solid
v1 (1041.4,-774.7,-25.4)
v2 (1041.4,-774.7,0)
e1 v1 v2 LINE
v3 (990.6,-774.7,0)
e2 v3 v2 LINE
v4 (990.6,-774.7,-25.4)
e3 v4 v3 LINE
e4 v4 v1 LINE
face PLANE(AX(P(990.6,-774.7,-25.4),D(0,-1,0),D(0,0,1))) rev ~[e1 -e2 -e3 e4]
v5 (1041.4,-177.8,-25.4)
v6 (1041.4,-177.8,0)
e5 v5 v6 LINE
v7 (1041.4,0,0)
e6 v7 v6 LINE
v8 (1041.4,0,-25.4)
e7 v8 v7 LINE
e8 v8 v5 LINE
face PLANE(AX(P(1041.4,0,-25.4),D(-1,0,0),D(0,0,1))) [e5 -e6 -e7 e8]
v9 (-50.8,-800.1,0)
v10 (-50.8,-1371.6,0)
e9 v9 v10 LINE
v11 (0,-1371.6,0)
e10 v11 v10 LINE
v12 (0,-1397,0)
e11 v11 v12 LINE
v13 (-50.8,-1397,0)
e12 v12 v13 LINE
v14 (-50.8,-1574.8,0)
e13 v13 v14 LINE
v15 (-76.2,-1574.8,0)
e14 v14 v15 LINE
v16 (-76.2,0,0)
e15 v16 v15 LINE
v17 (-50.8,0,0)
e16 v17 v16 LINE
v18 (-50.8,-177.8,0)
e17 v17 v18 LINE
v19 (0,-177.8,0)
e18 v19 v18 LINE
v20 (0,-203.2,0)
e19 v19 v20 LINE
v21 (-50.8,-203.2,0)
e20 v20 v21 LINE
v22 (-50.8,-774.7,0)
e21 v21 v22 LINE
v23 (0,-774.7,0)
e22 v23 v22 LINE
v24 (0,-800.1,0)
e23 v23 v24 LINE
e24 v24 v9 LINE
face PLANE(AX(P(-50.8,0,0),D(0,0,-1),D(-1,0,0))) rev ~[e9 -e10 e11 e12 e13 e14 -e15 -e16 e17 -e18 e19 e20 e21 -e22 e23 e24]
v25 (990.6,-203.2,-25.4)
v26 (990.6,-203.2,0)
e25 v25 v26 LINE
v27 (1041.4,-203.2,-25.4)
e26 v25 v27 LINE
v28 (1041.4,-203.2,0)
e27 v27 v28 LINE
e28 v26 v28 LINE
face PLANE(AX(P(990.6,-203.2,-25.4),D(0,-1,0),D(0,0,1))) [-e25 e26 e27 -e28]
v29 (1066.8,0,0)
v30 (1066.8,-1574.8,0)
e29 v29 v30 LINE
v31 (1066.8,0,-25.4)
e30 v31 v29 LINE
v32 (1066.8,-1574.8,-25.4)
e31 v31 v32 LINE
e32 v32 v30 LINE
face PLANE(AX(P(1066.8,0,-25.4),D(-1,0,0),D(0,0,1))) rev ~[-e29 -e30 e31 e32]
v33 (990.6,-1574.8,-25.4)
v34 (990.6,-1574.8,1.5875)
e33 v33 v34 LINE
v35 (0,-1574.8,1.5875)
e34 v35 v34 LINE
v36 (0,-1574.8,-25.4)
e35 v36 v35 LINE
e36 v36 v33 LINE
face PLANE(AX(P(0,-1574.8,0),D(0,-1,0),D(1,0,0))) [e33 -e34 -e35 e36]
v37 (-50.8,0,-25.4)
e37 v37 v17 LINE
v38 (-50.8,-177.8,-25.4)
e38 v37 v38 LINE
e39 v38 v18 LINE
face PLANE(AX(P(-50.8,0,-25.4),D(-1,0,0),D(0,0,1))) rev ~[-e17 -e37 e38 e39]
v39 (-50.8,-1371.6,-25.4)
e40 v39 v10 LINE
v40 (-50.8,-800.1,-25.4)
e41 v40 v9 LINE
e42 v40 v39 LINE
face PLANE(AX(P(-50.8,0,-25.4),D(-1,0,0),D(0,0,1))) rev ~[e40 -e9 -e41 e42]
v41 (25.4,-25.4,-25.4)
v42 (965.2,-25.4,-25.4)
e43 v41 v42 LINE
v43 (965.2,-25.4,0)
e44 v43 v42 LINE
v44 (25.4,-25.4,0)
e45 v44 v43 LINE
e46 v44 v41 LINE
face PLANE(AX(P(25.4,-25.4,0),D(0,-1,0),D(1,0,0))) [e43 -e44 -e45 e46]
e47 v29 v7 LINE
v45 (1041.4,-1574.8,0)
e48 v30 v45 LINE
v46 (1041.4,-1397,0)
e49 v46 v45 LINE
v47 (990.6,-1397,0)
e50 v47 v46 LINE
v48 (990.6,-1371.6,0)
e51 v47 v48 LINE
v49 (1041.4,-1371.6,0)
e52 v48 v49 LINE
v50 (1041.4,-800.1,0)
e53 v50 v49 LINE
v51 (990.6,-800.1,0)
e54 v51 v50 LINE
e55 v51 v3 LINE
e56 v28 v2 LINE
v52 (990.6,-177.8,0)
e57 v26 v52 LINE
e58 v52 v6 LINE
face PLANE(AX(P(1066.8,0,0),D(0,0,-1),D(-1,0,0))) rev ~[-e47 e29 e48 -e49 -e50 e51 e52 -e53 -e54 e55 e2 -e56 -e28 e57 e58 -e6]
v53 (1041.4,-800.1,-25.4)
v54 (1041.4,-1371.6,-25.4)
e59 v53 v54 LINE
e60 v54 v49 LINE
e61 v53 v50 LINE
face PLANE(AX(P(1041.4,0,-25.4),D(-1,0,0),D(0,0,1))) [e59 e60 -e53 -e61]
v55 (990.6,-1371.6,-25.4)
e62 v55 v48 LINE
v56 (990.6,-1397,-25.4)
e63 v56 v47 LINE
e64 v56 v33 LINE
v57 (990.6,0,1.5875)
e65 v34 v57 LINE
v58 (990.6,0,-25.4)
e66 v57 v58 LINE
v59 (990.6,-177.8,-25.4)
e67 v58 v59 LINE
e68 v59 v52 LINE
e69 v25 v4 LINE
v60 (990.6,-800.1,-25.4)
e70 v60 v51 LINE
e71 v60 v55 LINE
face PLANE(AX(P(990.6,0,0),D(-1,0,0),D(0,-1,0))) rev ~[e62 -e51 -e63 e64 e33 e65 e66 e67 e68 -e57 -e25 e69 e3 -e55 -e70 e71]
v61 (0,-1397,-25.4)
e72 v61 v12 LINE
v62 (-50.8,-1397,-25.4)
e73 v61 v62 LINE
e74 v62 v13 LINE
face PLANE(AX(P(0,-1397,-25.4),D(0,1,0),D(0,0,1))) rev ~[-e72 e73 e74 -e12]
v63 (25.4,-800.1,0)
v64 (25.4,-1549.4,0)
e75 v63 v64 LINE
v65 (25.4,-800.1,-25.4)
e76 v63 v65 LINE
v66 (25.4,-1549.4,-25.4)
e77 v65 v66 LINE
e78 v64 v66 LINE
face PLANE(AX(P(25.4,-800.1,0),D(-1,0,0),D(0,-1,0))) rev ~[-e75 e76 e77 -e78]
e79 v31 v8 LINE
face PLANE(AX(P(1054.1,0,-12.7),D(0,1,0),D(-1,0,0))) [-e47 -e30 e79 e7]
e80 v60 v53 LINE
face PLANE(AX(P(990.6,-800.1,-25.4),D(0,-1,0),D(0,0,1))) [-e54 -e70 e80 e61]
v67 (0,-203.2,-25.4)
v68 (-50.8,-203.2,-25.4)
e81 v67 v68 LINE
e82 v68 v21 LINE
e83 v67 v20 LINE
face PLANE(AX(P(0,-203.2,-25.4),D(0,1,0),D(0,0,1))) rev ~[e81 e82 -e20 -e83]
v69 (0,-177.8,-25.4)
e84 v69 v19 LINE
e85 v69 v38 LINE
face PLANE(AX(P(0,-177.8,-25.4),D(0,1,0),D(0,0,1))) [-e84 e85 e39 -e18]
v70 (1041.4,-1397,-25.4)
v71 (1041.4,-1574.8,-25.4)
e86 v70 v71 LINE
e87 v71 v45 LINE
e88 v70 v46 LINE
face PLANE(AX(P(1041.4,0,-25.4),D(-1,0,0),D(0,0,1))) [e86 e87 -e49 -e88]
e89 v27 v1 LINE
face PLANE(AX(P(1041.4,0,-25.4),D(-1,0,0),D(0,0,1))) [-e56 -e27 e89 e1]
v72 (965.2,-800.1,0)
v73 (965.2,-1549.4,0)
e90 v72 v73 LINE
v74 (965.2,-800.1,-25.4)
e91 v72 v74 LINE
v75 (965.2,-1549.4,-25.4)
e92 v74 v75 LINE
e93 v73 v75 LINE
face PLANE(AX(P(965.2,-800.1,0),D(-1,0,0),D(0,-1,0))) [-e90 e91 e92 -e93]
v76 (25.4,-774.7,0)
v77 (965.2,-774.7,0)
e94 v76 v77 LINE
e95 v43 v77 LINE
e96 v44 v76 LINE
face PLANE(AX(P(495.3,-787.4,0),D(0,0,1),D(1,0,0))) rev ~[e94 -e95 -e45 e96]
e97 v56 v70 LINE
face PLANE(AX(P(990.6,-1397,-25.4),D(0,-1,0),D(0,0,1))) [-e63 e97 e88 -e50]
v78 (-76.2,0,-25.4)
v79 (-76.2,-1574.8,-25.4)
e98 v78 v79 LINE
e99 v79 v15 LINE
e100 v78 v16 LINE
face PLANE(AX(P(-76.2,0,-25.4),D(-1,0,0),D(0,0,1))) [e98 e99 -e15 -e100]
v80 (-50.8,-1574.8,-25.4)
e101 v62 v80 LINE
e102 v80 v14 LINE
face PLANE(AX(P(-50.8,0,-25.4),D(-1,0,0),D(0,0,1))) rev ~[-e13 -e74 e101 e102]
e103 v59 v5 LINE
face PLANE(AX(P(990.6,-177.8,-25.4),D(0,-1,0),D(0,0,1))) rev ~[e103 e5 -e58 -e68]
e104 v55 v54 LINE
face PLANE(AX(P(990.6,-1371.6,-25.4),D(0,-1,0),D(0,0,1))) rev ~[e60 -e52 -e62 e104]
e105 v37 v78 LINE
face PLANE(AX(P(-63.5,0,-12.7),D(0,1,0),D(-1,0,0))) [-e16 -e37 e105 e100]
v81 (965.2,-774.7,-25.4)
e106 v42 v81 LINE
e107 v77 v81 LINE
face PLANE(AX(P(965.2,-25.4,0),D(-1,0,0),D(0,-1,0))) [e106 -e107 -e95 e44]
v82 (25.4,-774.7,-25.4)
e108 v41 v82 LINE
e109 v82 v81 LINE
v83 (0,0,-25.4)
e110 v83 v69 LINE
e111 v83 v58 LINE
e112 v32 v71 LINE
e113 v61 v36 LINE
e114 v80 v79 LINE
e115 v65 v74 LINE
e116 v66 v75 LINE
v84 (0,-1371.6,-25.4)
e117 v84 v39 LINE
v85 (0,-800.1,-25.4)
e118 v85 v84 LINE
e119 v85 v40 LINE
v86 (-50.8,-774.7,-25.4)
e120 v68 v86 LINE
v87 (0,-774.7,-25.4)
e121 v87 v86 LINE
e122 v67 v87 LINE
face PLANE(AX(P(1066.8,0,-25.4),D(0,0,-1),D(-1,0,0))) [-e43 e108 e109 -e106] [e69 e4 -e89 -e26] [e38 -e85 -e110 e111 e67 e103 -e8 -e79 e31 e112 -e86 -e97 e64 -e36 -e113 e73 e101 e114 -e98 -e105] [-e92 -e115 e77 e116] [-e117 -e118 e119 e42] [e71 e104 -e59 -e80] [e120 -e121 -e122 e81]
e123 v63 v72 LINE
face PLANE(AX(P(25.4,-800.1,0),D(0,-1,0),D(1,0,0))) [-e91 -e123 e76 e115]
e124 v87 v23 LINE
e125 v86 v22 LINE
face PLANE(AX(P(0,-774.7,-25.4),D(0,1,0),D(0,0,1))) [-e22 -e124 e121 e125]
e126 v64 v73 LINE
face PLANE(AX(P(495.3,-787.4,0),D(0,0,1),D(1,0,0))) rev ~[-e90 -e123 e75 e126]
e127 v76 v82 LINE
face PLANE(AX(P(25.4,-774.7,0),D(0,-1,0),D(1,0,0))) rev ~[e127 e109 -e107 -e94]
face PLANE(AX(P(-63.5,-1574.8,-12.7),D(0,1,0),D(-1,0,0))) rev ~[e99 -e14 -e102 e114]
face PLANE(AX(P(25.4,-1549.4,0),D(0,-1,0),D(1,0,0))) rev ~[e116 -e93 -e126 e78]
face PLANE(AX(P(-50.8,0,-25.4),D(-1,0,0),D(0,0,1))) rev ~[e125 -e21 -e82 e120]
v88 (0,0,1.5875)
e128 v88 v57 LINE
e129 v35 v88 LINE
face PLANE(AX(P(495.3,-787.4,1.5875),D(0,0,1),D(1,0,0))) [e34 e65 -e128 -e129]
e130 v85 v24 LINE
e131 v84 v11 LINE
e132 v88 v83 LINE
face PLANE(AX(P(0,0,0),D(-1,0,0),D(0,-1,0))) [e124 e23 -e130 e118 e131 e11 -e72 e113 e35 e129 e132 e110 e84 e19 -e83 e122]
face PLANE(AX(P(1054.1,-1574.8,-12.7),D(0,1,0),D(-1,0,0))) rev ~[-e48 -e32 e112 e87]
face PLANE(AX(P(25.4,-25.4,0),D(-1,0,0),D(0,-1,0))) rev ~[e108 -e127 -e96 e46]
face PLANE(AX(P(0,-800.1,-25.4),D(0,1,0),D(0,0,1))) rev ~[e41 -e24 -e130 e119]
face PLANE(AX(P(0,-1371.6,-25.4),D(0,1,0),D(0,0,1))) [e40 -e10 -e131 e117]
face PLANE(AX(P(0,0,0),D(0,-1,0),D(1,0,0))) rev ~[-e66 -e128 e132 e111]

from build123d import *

# Parameters (mm, degrees)
F0_W      = 990.6
F0_H      = 1574.8
F1_DEPTH  = 1.5875
F2_W      = 990.6
F2_H      = 1574.8
F2_W_2    = 939.8
F2_H_2    = 749.3
F3_DEPTH  = 25.4
F4_W      = 25.4
F4_H      = 25.4
F5_DEPTH  = 50.8
F6_W      = 25.4
F6_H      = 25.4
F7_DEPTH  = 1574.8
F8_W      = 25.4
F8_H      = 25.4
F9_DEPTH  = 50.8
F10_W     = 25.4
F10_H     = 25.4
F11_DEPTH = 1574.8


with BuildPart() as f1:
    # F0 (on Top) → F1 (new body)
    with BuildSketch(Plane.XY):
        with Locations((495.3, -787.4)):
            Rectangle(F0_W, F0_H)
    extrude(amount=F1_DEPTH)

    # F2 (on face) → F3 (join)
    with BuildSketch(Plane(origin=(0, 0, 0), x_dir=(1, 0, 0), z_dir=(0, 0, -1))):
        with Locations((495.3, 787.4)):
            Rectangle(F2_W, F2_H)
        with Locations((495.3, 400.05)):
            Rectangle(F2_W_2, F2_H_2, mode=Mode.SUBTRACT)
        with Locations((495.3, 1174.75)):
            Rectangle(F2_W_2, F2_H_2, mode=Mode.SUBTRACT)
    extrude(amount=F3_DEPTH)

    # F4 (on face) → F5 (join)
    with BuildSketch(Plane(origin=(0, 0, 0), x_dir=(0, -1, 0), z_dir=(-1, 0, 0))):
        with Locations((190.5, -12.7)):
            Rectangle(F4_W, F4_H)
        with Locations((787.4, -12.7)):
            Rectangle(F4_W, F4_H)
        with Locations((1384.3, -12.7)):
            Rectangle(F4_W, F4_H)
    extrude(amount=F5_DEPTH)

    # F6 (on face) → F7 (join)
    with BuildSketch(Plane(origin=(0, 0, 0), x_dir=(-1, 0, 0), z_dir=(0, 1, 0))):
        with Locations((63.5, -12.7)):
            Rectangle(F6_W, F6_H)
    extrude(amount=-F7_DEPTH)

    # F8 (on face) → F9 (join)
    with BuildSketch(Plane.YZ.offset(990.6)):
        with Locations((-1384.3, -12.7)):
            Rectangle(F8_W, F8_H)
        with Locations((-787.4, -12.7)):
            Rectangle(F8_W, F8_H)
        with Locations((-190.5, -12.7)):
            Rectangle(F8_W, F8_H)
    extrude(amount=F9_DEPTH)

    # F10 (on face) → F11 (join)
    with BuildSketch(Plane(origin=(0, 0, 0), x_dir=(-1, 0, 0), z_dir=(0, 1, 0))):
        with Locations((-1054.1, -12.7)):
            Rectangle(F10_W, F10_H)
    extrude(amount=-F11_DEPTH)


solid = f1.part
